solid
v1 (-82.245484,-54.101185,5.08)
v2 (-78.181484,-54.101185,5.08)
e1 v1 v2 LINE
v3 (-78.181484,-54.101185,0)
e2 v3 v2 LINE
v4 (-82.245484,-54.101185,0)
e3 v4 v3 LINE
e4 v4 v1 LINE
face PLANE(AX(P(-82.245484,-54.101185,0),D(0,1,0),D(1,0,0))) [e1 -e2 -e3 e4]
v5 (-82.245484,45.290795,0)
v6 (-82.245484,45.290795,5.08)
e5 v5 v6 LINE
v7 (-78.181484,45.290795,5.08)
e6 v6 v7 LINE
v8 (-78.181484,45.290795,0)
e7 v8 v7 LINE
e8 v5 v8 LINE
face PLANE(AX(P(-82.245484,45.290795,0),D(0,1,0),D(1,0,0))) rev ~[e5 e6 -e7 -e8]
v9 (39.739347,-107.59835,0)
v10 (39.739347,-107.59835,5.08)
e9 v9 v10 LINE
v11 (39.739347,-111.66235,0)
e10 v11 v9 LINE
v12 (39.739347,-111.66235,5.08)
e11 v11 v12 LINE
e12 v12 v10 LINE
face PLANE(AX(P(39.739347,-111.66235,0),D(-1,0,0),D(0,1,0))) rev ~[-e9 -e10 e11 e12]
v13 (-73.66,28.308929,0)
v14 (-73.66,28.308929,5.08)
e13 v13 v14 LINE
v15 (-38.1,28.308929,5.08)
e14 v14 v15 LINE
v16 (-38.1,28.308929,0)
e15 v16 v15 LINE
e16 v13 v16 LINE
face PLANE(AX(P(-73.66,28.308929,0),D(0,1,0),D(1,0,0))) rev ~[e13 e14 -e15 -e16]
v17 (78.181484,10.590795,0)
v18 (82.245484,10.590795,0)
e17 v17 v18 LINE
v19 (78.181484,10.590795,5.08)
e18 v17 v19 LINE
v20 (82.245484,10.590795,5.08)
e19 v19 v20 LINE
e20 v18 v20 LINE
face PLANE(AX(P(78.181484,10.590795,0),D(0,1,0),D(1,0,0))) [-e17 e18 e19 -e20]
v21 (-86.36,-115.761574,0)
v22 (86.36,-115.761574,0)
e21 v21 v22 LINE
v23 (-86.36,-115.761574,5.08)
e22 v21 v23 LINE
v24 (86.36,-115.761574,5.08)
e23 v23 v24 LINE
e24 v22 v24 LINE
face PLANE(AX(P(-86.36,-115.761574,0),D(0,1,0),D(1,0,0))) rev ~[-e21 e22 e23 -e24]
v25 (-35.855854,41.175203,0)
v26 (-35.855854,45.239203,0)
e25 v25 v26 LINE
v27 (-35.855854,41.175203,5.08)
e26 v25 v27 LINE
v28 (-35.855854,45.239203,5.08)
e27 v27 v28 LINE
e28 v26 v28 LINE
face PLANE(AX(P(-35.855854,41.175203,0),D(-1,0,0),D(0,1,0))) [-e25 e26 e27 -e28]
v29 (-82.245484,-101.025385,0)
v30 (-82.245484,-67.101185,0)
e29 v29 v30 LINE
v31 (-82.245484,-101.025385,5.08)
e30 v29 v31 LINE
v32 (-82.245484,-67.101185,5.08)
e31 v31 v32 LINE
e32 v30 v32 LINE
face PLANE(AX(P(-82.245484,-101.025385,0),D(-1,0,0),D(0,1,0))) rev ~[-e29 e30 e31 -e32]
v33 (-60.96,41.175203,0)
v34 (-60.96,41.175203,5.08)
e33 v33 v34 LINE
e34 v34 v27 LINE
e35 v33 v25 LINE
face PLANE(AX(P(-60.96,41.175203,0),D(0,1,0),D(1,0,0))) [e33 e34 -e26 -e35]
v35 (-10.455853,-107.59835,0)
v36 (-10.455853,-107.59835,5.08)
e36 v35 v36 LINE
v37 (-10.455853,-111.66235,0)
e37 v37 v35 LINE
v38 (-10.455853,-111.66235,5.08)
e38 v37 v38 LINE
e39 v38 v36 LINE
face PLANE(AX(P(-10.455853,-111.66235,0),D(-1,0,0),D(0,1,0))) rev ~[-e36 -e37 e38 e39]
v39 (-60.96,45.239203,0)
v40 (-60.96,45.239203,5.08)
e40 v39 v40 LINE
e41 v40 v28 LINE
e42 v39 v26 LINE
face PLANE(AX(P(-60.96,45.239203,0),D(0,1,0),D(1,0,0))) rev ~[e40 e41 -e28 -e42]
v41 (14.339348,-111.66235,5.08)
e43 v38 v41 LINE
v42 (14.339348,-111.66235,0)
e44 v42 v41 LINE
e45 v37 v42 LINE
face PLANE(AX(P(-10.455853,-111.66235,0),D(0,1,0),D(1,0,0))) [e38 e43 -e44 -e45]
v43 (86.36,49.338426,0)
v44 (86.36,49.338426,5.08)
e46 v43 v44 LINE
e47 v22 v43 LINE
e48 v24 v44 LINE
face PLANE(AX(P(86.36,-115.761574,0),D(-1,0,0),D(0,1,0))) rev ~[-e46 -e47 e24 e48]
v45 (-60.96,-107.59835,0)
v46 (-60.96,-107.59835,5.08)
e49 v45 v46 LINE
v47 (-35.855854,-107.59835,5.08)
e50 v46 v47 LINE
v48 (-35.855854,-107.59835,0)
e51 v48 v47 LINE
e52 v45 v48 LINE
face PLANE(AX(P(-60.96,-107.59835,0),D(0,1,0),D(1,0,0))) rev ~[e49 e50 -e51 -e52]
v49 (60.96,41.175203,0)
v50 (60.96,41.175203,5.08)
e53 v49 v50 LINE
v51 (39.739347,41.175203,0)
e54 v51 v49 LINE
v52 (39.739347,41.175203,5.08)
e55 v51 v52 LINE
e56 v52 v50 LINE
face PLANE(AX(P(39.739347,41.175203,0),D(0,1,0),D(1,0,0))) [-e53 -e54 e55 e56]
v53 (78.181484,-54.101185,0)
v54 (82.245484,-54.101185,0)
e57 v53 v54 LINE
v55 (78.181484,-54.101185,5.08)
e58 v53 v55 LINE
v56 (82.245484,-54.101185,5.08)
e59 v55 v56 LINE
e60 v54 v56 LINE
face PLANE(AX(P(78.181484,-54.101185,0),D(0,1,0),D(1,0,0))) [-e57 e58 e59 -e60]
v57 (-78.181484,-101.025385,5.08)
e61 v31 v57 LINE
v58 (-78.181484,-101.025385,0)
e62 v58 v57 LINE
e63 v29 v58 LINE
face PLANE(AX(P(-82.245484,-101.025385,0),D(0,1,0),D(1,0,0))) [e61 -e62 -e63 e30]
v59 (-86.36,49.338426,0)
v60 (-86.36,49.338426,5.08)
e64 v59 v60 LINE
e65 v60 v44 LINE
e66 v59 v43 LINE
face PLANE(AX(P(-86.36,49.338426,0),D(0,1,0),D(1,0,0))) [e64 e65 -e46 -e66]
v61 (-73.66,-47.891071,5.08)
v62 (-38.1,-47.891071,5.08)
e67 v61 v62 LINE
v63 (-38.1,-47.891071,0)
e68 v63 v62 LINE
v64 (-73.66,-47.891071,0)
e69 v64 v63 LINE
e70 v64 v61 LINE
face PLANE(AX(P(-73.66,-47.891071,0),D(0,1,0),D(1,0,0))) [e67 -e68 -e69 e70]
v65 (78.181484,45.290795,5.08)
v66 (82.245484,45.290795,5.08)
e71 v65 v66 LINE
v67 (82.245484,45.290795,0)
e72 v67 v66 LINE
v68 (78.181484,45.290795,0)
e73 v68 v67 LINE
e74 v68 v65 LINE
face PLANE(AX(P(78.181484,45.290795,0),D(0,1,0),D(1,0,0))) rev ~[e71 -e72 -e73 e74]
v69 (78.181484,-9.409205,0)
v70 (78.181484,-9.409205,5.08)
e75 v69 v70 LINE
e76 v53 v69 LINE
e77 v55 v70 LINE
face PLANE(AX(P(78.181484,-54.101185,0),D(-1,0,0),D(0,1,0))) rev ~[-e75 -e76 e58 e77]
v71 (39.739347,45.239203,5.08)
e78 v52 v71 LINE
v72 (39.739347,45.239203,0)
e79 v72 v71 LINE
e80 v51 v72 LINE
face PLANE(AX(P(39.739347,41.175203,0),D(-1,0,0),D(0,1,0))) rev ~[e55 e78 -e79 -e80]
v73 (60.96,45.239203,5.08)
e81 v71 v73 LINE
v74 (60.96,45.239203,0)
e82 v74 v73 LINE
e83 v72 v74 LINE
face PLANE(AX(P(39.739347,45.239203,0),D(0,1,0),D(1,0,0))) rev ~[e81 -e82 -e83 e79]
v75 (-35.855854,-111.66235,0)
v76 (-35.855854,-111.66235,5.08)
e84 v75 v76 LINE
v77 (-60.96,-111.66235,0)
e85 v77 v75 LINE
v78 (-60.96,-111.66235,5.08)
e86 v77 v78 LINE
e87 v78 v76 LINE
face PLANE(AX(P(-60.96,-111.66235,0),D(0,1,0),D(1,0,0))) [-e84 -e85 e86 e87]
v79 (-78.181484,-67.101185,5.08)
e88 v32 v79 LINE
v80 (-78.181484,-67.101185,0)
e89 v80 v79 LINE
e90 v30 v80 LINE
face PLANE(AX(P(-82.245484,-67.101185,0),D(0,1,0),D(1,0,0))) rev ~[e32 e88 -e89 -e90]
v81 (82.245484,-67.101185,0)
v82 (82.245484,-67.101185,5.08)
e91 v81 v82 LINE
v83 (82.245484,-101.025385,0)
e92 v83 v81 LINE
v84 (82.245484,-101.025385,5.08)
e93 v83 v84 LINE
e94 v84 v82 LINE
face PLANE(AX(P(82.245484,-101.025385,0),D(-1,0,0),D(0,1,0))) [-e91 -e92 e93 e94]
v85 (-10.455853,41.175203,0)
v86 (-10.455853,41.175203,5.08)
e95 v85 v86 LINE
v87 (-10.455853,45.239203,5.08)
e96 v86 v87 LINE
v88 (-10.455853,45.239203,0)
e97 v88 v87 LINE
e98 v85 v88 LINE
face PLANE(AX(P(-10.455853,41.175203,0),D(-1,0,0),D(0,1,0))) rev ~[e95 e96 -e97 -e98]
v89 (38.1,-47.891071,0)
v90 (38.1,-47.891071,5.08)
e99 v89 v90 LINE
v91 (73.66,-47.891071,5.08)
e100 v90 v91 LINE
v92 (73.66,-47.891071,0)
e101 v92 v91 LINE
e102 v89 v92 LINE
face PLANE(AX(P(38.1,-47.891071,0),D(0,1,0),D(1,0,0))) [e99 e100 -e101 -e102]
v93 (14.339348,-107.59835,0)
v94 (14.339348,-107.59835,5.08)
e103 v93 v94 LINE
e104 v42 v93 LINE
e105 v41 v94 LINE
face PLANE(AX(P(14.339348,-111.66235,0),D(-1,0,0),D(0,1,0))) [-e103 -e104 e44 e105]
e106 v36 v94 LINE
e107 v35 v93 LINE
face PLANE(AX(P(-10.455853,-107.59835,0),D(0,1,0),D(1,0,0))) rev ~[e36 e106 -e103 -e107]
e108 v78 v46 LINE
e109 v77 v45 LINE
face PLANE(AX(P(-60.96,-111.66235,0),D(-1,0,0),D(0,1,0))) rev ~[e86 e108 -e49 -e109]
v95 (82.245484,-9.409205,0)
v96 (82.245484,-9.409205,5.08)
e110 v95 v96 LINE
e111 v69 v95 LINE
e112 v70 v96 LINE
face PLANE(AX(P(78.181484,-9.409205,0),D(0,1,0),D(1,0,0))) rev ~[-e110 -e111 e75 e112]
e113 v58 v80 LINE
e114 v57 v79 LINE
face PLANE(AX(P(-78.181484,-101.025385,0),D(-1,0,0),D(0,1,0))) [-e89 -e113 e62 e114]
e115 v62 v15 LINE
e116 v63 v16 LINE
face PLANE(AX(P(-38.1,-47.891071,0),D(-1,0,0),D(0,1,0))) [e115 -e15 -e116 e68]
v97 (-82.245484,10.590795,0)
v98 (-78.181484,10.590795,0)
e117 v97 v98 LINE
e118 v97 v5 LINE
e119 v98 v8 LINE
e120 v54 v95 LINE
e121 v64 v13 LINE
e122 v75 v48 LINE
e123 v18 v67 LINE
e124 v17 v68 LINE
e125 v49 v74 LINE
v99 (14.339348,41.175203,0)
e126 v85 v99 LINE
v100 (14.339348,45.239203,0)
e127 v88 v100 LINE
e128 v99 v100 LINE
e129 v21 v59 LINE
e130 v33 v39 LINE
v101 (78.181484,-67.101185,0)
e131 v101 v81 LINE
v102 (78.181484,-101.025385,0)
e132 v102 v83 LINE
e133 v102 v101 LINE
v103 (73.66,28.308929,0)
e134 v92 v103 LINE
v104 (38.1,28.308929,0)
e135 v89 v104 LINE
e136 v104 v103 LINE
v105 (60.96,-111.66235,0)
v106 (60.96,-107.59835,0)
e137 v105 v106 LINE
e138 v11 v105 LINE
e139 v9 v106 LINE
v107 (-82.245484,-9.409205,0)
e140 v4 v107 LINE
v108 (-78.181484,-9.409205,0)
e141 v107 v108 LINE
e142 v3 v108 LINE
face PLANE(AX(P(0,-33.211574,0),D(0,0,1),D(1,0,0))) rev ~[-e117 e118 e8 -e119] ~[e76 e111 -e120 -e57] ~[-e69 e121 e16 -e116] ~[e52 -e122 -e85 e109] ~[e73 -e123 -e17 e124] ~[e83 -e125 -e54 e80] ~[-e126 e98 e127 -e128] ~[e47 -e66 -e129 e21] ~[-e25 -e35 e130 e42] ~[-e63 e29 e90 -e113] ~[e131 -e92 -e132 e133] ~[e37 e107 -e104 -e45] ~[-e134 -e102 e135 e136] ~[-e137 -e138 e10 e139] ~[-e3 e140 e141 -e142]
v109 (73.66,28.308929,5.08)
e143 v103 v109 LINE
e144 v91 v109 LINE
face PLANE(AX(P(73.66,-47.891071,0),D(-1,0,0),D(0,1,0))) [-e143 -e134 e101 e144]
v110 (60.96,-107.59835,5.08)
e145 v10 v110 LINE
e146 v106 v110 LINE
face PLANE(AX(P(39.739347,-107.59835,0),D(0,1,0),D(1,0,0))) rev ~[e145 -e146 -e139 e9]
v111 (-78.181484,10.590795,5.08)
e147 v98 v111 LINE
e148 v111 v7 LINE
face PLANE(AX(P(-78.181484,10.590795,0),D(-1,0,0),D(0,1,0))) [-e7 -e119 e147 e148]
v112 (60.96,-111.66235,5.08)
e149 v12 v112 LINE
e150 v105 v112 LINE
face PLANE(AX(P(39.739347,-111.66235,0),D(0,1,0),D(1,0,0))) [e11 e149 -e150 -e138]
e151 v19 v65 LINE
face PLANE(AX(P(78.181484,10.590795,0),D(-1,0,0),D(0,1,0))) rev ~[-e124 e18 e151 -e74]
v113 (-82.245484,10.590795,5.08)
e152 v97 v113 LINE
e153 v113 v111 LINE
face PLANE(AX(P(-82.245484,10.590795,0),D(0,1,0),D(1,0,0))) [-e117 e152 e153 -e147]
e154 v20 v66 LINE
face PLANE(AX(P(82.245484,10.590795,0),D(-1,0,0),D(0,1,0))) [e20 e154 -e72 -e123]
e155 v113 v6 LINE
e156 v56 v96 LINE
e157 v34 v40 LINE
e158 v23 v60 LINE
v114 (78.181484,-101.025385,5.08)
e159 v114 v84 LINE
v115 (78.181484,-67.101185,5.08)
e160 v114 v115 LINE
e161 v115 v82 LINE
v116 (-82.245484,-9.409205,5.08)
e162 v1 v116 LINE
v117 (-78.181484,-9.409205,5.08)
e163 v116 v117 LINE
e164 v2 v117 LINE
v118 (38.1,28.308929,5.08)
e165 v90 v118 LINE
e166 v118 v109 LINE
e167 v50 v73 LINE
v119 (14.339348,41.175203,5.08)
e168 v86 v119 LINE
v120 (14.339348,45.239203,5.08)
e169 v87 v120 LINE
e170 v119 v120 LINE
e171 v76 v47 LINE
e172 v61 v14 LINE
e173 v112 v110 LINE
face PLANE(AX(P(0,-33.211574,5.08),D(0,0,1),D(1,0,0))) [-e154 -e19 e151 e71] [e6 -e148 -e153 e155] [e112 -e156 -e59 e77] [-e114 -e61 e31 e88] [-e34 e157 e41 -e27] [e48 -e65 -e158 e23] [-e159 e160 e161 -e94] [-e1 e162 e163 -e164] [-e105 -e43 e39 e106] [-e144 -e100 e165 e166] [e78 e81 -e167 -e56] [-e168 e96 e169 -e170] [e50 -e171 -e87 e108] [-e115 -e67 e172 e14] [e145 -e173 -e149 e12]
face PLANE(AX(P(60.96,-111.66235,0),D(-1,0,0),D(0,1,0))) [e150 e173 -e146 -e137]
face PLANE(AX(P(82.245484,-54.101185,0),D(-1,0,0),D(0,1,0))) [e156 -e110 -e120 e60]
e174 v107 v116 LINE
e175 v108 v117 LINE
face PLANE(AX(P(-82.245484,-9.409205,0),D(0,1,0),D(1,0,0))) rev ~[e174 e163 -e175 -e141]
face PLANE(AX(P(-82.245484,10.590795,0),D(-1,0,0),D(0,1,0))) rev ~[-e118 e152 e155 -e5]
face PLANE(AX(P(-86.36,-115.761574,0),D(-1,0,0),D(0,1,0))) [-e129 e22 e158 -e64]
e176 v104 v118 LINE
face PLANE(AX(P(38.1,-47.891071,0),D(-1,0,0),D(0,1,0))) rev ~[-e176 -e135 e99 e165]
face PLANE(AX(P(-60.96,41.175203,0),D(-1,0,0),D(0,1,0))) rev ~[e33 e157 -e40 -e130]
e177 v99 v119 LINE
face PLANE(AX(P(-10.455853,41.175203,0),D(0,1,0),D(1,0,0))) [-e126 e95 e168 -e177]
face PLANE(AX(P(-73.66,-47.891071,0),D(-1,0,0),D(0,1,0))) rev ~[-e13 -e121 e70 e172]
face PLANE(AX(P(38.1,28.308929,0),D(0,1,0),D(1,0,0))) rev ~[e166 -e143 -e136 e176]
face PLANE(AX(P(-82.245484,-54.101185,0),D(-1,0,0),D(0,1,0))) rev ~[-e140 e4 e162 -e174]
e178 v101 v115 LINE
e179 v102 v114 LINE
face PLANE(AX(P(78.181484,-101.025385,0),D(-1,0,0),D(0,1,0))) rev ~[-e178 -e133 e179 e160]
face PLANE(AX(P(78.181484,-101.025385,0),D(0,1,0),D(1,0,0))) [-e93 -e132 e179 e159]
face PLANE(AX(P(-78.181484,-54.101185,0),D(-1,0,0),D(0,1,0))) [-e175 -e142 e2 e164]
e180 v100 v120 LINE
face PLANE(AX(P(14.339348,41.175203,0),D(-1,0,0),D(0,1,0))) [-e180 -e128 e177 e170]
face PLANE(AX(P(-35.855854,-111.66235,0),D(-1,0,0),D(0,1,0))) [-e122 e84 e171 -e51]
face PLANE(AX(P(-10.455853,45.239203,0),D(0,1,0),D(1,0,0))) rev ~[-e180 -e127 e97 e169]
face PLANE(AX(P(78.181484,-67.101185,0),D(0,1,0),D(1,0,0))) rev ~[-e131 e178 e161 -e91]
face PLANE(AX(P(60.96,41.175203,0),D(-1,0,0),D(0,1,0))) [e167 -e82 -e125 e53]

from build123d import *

# Parameters (mm, degrees)
F0_W     = 172.72
F0_H     = 165.1
F0_W_2   = 25.104146
F0_H_2   = 4.064
F0_W_3   = 4.064
F0_H_3   = 33.9242
F0_W_4   = 24.795201
F0_W_5   = 21.220653
F0_H_4   = 44.69198
F0_W_6   = 35.56
F0_H_5   = 76.2
F0_H_6   = 34.7
F1_DEPTH = 5.08


with BuildPart() as f1:
    # F0 (on Top) → F1 (new body)
    with BuildSketch(Plane.XY):
        with Locations((0, -33.211574)):
            Rectangle(F0_W, F0_H)
        with Locations((-48.407927, -109.63035)):
            Rectangle(F0_W_2, F0_H_2, mode=Mode.SUBTRACT)
        with Locations((-80.213484, -84.063285)):
            Rectangle(F0_W_3, F0_H_3, mode=Mode.SUBTRACT)
        with Locations((1.941747, -109.63035)):
            Rectangle(F0_W_4, F0_H_2, mode=Mode.SUBTRACT)
        with Locations((50.349673, -109.63035)):
            Rectangle(F0_W_5, F0_H_2, mode=Mode.SUBTRACT)
        with Locations((80.213484, -84.063285)):
            Rectangle(F0_W_3, F0_H_3, mode=Mode.SUBTRACT)
        with Locations((-80.213484, -31.755195)):
            Rectangle(F0_W_3, F0_H_4, mode=Mode.SUBTRACT)
        with Locations((-55.88, -9.791071)):
            Rectangle(F0_W_6, F0_H_5, mode=Mode.SUBTRACT)
        with Locations((-80.213484, 27.940795)):
            Rectangle(F0_W_3, F0_H_6, mode=Mode.SUBTRACT)
        with Locations((-48.407927, 43.207203)):
            Rectangle(F0_W_2, F0_H_2, mode=Mode.SUBTRACT)
        with Locations((80.213484, -31.755195)):
            Rectangle(F0_W_3, F0_H_4, mode=Mode.SUBTRACT)
        with Locations((55.88, -9.791071)):
            Rectangle(F0_W_6, F0_H_5, mode=Mode.SUBTRACT)
        with Locations((1.941747, 43.207203)):
            Rectangle(F0_W_4, F0_H_2, mode=Mode.SUBTRACT)
        with Locations((80.213484, 27.940795)):
            Rectangle(F0_W_3, F0_H_6, mode=Mode.SUBTRACT)
        with Locations((50.349673, 43.207203)):
            Rectangle(F0_W_5, F0_H_2, mode=Mode.SUBTRACT)
    extrude(amount=F1_DEPTH)


solid = f1.part
